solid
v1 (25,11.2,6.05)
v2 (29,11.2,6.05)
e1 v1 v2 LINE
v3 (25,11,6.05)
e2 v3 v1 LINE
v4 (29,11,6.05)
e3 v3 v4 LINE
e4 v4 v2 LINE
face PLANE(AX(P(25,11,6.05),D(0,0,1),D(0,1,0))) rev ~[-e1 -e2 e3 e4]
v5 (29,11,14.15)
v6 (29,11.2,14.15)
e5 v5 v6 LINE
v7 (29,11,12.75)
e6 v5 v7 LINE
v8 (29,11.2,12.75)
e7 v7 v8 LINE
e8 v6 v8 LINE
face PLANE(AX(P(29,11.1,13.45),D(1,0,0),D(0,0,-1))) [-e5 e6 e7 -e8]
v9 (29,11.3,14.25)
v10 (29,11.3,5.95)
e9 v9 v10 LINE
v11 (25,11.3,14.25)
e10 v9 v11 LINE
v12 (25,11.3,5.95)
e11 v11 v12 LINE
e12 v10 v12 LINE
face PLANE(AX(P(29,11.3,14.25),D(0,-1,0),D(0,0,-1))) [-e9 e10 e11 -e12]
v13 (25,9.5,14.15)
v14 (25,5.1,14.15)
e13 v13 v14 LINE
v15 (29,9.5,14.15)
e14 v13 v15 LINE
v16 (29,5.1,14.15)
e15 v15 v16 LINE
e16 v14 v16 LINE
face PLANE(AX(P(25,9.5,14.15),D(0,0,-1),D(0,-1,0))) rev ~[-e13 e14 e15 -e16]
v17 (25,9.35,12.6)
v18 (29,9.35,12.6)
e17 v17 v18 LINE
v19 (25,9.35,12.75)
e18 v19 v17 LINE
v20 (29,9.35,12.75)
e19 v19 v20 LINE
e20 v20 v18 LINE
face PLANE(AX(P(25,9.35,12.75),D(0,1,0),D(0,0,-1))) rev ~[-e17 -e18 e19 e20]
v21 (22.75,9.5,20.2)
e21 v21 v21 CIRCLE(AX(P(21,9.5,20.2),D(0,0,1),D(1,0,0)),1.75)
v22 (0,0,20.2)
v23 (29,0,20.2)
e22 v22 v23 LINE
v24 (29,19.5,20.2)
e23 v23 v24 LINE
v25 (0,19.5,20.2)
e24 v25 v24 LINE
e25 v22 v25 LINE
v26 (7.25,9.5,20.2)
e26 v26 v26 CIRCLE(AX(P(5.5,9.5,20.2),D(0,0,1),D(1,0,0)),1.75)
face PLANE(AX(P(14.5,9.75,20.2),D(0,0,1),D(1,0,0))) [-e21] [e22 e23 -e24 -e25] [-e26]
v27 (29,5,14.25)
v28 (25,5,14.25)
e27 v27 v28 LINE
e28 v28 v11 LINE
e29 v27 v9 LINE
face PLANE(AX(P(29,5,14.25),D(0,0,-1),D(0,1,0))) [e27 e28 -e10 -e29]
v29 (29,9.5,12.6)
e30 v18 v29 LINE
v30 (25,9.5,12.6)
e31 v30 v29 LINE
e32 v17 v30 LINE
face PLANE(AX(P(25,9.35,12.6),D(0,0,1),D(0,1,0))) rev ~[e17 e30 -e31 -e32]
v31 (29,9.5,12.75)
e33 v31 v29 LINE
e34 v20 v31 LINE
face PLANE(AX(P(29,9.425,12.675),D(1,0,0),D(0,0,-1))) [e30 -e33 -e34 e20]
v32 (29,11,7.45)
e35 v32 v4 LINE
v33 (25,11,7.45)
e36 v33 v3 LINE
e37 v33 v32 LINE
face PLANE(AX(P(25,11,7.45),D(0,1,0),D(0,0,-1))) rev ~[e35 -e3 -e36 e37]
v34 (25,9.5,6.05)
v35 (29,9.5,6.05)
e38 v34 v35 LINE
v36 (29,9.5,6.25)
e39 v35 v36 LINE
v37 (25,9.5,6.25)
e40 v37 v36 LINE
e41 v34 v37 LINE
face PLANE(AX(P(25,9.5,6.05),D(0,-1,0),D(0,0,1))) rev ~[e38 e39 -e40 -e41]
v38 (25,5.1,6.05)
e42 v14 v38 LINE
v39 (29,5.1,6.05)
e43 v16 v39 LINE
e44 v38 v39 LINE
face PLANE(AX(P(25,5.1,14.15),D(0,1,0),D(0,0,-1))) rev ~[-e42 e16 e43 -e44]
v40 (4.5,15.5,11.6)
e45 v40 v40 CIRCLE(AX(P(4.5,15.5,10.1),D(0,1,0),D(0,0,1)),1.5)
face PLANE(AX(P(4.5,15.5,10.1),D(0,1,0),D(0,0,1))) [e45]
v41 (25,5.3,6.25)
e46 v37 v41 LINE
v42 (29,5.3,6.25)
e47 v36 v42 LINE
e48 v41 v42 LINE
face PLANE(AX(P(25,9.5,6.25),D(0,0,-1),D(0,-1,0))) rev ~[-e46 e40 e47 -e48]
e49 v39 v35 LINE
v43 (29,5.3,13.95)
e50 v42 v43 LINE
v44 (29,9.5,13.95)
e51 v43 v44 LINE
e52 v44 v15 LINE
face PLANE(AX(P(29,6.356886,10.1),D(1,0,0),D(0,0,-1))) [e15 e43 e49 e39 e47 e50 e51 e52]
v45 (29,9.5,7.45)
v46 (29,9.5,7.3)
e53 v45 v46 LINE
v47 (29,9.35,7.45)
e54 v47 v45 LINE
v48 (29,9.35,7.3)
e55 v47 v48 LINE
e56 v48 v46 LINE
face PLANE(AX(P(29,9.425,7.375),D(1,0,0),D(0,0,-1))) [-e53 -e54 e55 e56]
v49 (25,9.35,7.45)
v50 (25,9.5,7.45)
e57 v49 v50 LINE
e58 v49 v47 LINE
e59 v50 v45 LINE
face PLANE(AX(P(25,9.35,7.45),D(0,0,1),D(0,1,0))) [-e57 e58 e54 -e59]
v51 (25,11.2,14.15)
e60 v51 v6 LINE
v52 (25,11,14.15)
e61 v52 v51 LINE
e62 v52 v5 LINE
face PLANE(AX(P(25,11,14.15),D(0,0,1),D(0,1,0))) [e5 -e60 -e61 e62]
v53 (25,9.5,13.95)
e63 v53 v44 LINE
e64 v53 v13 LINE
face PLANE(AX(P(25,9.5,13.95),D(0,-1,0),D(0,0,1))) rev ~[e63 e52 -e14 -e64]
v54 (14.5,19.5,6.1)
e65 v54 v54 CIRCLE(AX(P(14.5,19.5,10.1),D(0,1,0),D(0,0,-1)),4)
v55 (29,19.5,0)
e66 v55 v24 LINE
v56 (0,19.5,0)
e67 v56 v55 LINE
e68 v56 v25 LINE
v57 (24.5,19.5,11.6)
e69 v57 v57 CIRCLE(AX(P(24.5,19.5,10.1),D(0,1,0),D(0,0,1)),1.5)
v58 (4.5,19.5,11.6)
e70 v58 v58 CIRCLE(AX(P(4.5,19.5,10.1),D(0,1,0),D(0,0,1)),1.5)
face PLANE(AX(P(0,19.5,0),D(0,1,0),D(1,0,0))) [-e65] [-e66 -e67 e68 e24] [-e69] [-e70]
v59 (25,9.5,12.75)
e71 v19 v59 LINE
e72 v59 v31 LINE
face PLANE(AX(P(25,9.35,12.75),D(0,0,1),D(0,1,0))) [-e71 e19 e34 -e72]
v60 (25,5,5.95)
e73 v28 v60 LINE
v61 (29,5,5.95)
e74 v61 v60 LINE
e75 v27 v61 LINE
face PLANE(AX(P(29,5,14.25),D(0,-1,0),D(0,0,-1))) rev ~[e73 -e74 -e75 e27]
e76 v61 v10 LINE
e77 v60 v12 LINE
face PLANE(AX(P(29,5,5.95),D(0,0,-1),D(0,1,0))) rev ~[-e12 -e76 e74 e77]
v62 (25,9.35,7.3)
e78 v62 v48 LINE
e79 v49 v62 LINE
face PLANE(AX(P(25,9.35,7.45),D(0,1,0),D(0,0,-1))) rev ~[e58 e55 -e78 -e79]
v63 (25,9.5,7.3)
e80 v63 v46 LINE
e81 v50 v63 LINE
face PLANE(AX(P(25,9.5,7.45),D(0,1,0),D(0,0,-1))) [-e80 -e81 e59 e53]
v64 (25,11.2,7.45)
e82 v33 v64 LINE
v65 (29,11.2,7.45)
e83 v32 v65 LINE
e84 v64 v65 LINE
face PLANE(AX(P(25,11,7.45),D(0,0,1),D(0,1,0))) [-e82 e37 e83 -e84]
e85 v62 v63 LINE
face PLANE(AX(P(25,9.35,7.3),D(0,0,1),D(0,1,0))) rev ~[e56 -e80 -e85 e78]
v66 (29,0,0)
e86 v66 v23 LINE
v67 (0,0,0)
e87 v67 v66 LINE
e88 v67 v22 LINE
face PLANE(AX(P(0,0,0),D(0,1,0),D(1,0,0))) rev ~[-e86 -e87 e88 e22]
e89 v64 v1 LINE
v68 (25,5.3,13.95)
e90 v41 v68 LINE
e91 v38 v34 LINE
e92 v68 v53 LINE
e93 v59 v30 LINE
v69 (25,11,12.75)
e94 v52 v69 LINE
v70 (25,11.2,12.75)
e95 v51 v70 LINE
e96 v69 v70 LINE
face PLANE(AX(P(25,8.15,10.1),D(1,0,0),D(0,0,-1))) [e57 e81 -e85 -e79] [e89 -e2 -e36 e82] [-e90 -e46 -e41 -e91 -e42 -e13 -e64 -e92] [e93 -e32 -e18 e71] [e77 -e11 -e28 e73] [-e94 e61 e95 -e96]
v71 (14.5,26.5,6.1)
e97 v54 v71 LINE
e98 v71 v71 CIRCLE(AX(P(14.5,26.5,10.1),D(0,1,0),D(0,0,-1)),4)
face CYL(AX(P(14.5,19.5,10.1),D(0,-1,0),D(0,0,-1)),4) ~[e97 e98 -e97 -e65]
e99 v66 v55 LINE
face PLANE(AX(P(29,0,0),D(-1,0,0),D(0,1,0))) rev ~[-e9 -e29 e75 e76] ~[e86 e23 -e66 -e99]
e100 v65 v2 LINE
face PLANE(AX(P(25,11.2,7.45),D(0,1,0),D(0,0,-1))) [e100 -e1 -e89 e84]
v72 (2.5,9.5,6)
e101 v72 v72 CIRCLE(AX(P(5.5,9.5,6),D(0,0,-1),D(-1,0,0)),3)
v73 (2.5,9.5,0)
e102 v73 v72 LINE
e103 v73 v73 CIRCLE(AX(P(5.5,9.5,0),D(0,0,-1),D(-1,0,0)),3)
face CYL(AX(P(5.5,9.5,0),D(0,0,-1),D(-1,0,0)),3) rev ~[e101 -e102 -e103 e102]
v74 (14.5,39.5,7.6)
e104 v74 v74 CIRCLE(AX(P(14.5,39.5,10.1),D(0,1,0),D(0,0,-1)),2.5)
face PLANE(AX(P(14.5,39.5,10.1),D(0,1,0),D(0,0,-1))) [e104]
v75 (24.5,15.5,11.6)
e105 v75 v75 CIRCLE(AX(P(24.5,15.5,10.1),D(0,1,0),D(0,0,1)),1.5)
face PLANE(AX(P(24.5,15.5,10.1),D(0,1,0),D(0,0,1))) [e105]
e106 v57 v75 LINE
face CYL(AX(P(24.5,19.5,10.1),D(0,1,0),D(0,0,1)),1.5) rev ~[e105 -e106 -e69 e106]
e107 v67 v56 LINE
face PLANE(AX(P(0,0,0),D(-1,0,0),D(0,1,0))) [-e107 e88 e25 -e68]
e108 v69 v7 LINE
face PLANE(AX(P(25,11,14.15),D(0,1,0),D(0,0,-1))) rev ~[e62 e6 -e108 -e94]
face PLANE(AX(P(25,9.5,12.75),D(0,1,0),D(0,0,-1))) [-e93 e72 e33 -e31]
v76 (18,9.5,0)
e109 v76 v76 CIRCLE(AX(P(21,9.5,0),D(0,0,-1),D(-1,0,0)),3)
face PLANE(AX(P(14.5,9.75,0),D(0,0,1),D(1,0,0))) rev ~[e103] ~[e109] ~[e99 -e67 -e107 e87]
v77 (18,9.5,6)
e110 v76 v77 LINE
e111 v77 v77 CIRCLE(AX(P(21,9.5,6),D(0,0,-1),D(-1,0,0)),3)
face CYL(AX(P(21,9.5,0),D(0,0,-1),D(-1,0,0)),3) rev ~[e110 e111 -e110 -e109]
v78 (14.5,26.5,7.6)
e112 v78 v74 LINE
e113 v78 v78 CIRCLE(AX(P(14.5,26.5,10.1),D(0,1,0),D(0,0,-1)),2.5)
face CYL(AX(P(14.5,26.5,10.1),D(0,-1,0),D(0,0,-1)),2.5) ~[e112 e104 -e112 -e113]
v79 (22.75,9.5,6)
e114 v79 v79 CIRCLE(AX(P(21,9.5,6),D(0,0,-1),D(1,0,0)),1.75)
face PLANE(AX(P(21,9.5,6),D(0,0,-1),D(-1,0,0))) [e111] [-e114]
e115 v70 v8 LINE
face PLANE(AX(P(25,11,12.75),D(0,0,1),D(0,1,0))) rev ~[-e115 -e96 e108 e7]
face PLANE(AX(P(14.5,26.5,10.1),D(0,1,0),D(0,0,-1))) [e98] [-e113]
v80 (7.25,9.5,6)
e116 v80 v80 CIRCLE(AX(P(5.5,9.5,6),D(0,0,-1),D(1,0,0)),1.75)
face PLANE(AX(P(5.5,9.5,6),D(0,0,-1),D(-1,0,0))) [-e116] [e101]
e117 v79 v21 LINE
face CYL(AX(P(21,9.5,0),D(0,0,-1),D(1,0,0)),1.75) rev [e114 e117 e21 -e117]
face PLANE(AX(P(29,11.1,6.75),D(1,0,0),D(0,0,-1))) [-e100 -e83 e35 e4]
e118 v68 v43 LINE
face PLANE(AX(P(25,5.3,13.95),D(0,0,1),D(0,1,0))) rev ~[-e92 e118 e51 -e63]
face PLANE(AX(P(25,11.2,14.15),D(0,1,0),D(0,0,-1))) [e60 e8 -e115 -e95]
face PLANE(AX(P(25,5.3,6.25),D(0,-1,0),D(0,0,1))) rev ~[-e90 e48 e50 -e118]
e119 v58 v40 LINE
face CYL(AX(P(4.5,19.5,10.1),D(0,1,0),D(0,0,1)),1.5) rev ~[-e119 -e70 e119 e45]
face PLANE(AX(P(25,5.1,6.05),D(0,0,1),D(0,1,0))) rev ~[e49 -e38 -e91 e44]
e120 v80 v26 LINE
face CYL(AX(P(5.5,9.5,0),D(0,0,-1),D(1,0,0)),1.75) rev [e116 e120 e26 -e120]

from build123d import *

# Parameters (mm, degrees)
SKETCH1_W                              = 29
SKETCH1_H                              = 19.5
SKETCH1_R                              = 1.75
FRONTPROFILEBOSS_EXTRUDE1_DEPTH        = 20.2
SKETCH2_R                              = 1.5
TOPMOUNTINGHOLESCUT_EXTRUDE1_DEPTH     = 4
SKETCH3_R                              = 4
CONNINGTOWERBOSS_EXTRUDE2_DEPTH        = 7
SKETCH4_R                              = 2.5
PLUNGERBOSS_EXTRUDE3_DEPTH             = 13
SKETCH5_R                              = 3
BACKMOUNTINGHOLESBORCUT_EXTRUDE2_DEPTH = 6
SKETCH6_W                              = 8.3
SKETCH6_H                              = 6.3
XHTERMINALCUT_EXTRUDE14_DEPTH          = 4
SKETCH7_W                              = 1.4
SKETCH7_H                              = 0.2
SKETCH7_W_2                            = 0.15
SKETCH7_H_2                            = 0.15
XHTERMINALBOSS_EXTRUDE4_DEPTH          = 4


with BuildPart() as part:
    # Sketch1 → FrontProfileBoss-Extrude1 (new body)
    with BuildSketch(Plane.XY):
        with Locations((14.5, 9.75)):
            Rectangle(SKETCH1_W, SKETCH1_H)
        with Locations((5.5, 9.5)):
            Circle(SKETCH1_R, mode=Mode.SUBTRACT)
        with Locations((21, 9.5)):
            Circle(SKETCH1_R, mode=Mode.SUBTRACT)
    extrude(amount=FRONTPROFILEBOSS_EXTRUDE1_DEPTH)

    # Sketch2 → TopMountingHolesCut-Extrude1 (cut)
    with BuildSketch(Plane(origin=(0, 19.5, 0), x_dir=(1, 0, 0), z_dir=(0, 1, 0))):
        with Locations(Location((4.5, -10.1, 0), (0, 0, 270))):
            Circle(SKETCH2_R)
        with Locations(Location((24.5, -10.1, 0), (0, 0, 270))):
            Circle(SKETCH2_R)
    extrude(amount=-TOPMOUNTINGHOLESCUT_EXTRUDE1_DEPTH, mode=Mode.SUBTRACT)

    # Sketch3 → ConningTowerBoss-Extrude2 (add)
    with BuildSketch(Plane(origin=(0, 19.5, 0), x_dir=(1, 0, 0), z_dir=(0, 1, 0))):
        with Locations(Location((14.5, -10.1, 0), (0, 0, 90))):
            Circle(SKETCH3_R)
    extrude(amount=CONNINGTOWERBOSS_EXTRUDE2_DEPTH)

    # Sketch4 → PlungerBoss-Extrude3 (add)
    with BuildSketch(Plane(origin=(0, 26.5, 0), x_dir=(1, 0, 0), z_dir=(0, 1, 0))):
        with Locations(Location((14.5, -10.1, 0), (0, 0, 90))):
            Circle(SKETCH4_R)
    extrude(amount=PLUNGERBOSS_EXTRUDE3_DEPTH)

    # Sketch5 → BackMountingHolesBorCut-Extrude2 (cut)
    with BuildSketch(Plane(origin=(0, 0, 0), x_dir=(-1, 0, 0), z_dir=(0, 0, -1))):
        with Locations((-21, 9.5)):
            Circle(SKETCH5_R)
        with Locations((-5.5, 9.5)):
            Circle(SKETCH5_R)
    extrude(amount=-BACKMOUNTINGHOLESBORCUT_EXTRUDE2_DEPTH, mode=Mode.SUBTRACT)

    # Sketch6 → XHTerminalCut-Extrude14 (cut)
    with BuildSketch(Plane(origin=(29, 0, 0), x_dir=(0, 0, -1), z_dir=(1, 0, 0))):
        with Locations((-10.1, 8.15)):
            Rectangle(SKETCH6_W, SKETCH6_H)
    extrude(amount=-XHTERMINALCUT_EXTRUDE14_DEPTH, mode=Mode.SUBTRACT)

    # Sketch7 → XHTerminalBoss-Extrude4 (add)
    with BuildSketch(Plane(origin=(25, 0, 0), x_dir=(0, 0, -1), z_dir=(1, 0, 0))):
        Polygon((-14.15, 9.5), (-14.15, 5.1), (-6.05, 5.1), (-6.05, 9.5), (-6.25, 9.5), (-6.25, 5.3), (-13.95, 5.3), (-13.95, 9.5), align=None)
        with Locations((-13.45, 11.1)):
            Rectangle(SKETCH7_W, SKETCH7_H)
        with Locations((-6.75, 11.1)):
            Rectangle(SKETCH7_W, SKETCH7_H)
        with Locations((-12.675, 9.425)):
            Rectangle(SKETCH7_W_2, SKETCH7_H_2)
        with Locations((-7.375, 9.425)):
            Rectangle(SKETCH7_W_2, SKETCH7_H_2)
    extrude(amount=XHTERMINALBOSS_EXTRUDE4_DEPTH)


solid = part.part
